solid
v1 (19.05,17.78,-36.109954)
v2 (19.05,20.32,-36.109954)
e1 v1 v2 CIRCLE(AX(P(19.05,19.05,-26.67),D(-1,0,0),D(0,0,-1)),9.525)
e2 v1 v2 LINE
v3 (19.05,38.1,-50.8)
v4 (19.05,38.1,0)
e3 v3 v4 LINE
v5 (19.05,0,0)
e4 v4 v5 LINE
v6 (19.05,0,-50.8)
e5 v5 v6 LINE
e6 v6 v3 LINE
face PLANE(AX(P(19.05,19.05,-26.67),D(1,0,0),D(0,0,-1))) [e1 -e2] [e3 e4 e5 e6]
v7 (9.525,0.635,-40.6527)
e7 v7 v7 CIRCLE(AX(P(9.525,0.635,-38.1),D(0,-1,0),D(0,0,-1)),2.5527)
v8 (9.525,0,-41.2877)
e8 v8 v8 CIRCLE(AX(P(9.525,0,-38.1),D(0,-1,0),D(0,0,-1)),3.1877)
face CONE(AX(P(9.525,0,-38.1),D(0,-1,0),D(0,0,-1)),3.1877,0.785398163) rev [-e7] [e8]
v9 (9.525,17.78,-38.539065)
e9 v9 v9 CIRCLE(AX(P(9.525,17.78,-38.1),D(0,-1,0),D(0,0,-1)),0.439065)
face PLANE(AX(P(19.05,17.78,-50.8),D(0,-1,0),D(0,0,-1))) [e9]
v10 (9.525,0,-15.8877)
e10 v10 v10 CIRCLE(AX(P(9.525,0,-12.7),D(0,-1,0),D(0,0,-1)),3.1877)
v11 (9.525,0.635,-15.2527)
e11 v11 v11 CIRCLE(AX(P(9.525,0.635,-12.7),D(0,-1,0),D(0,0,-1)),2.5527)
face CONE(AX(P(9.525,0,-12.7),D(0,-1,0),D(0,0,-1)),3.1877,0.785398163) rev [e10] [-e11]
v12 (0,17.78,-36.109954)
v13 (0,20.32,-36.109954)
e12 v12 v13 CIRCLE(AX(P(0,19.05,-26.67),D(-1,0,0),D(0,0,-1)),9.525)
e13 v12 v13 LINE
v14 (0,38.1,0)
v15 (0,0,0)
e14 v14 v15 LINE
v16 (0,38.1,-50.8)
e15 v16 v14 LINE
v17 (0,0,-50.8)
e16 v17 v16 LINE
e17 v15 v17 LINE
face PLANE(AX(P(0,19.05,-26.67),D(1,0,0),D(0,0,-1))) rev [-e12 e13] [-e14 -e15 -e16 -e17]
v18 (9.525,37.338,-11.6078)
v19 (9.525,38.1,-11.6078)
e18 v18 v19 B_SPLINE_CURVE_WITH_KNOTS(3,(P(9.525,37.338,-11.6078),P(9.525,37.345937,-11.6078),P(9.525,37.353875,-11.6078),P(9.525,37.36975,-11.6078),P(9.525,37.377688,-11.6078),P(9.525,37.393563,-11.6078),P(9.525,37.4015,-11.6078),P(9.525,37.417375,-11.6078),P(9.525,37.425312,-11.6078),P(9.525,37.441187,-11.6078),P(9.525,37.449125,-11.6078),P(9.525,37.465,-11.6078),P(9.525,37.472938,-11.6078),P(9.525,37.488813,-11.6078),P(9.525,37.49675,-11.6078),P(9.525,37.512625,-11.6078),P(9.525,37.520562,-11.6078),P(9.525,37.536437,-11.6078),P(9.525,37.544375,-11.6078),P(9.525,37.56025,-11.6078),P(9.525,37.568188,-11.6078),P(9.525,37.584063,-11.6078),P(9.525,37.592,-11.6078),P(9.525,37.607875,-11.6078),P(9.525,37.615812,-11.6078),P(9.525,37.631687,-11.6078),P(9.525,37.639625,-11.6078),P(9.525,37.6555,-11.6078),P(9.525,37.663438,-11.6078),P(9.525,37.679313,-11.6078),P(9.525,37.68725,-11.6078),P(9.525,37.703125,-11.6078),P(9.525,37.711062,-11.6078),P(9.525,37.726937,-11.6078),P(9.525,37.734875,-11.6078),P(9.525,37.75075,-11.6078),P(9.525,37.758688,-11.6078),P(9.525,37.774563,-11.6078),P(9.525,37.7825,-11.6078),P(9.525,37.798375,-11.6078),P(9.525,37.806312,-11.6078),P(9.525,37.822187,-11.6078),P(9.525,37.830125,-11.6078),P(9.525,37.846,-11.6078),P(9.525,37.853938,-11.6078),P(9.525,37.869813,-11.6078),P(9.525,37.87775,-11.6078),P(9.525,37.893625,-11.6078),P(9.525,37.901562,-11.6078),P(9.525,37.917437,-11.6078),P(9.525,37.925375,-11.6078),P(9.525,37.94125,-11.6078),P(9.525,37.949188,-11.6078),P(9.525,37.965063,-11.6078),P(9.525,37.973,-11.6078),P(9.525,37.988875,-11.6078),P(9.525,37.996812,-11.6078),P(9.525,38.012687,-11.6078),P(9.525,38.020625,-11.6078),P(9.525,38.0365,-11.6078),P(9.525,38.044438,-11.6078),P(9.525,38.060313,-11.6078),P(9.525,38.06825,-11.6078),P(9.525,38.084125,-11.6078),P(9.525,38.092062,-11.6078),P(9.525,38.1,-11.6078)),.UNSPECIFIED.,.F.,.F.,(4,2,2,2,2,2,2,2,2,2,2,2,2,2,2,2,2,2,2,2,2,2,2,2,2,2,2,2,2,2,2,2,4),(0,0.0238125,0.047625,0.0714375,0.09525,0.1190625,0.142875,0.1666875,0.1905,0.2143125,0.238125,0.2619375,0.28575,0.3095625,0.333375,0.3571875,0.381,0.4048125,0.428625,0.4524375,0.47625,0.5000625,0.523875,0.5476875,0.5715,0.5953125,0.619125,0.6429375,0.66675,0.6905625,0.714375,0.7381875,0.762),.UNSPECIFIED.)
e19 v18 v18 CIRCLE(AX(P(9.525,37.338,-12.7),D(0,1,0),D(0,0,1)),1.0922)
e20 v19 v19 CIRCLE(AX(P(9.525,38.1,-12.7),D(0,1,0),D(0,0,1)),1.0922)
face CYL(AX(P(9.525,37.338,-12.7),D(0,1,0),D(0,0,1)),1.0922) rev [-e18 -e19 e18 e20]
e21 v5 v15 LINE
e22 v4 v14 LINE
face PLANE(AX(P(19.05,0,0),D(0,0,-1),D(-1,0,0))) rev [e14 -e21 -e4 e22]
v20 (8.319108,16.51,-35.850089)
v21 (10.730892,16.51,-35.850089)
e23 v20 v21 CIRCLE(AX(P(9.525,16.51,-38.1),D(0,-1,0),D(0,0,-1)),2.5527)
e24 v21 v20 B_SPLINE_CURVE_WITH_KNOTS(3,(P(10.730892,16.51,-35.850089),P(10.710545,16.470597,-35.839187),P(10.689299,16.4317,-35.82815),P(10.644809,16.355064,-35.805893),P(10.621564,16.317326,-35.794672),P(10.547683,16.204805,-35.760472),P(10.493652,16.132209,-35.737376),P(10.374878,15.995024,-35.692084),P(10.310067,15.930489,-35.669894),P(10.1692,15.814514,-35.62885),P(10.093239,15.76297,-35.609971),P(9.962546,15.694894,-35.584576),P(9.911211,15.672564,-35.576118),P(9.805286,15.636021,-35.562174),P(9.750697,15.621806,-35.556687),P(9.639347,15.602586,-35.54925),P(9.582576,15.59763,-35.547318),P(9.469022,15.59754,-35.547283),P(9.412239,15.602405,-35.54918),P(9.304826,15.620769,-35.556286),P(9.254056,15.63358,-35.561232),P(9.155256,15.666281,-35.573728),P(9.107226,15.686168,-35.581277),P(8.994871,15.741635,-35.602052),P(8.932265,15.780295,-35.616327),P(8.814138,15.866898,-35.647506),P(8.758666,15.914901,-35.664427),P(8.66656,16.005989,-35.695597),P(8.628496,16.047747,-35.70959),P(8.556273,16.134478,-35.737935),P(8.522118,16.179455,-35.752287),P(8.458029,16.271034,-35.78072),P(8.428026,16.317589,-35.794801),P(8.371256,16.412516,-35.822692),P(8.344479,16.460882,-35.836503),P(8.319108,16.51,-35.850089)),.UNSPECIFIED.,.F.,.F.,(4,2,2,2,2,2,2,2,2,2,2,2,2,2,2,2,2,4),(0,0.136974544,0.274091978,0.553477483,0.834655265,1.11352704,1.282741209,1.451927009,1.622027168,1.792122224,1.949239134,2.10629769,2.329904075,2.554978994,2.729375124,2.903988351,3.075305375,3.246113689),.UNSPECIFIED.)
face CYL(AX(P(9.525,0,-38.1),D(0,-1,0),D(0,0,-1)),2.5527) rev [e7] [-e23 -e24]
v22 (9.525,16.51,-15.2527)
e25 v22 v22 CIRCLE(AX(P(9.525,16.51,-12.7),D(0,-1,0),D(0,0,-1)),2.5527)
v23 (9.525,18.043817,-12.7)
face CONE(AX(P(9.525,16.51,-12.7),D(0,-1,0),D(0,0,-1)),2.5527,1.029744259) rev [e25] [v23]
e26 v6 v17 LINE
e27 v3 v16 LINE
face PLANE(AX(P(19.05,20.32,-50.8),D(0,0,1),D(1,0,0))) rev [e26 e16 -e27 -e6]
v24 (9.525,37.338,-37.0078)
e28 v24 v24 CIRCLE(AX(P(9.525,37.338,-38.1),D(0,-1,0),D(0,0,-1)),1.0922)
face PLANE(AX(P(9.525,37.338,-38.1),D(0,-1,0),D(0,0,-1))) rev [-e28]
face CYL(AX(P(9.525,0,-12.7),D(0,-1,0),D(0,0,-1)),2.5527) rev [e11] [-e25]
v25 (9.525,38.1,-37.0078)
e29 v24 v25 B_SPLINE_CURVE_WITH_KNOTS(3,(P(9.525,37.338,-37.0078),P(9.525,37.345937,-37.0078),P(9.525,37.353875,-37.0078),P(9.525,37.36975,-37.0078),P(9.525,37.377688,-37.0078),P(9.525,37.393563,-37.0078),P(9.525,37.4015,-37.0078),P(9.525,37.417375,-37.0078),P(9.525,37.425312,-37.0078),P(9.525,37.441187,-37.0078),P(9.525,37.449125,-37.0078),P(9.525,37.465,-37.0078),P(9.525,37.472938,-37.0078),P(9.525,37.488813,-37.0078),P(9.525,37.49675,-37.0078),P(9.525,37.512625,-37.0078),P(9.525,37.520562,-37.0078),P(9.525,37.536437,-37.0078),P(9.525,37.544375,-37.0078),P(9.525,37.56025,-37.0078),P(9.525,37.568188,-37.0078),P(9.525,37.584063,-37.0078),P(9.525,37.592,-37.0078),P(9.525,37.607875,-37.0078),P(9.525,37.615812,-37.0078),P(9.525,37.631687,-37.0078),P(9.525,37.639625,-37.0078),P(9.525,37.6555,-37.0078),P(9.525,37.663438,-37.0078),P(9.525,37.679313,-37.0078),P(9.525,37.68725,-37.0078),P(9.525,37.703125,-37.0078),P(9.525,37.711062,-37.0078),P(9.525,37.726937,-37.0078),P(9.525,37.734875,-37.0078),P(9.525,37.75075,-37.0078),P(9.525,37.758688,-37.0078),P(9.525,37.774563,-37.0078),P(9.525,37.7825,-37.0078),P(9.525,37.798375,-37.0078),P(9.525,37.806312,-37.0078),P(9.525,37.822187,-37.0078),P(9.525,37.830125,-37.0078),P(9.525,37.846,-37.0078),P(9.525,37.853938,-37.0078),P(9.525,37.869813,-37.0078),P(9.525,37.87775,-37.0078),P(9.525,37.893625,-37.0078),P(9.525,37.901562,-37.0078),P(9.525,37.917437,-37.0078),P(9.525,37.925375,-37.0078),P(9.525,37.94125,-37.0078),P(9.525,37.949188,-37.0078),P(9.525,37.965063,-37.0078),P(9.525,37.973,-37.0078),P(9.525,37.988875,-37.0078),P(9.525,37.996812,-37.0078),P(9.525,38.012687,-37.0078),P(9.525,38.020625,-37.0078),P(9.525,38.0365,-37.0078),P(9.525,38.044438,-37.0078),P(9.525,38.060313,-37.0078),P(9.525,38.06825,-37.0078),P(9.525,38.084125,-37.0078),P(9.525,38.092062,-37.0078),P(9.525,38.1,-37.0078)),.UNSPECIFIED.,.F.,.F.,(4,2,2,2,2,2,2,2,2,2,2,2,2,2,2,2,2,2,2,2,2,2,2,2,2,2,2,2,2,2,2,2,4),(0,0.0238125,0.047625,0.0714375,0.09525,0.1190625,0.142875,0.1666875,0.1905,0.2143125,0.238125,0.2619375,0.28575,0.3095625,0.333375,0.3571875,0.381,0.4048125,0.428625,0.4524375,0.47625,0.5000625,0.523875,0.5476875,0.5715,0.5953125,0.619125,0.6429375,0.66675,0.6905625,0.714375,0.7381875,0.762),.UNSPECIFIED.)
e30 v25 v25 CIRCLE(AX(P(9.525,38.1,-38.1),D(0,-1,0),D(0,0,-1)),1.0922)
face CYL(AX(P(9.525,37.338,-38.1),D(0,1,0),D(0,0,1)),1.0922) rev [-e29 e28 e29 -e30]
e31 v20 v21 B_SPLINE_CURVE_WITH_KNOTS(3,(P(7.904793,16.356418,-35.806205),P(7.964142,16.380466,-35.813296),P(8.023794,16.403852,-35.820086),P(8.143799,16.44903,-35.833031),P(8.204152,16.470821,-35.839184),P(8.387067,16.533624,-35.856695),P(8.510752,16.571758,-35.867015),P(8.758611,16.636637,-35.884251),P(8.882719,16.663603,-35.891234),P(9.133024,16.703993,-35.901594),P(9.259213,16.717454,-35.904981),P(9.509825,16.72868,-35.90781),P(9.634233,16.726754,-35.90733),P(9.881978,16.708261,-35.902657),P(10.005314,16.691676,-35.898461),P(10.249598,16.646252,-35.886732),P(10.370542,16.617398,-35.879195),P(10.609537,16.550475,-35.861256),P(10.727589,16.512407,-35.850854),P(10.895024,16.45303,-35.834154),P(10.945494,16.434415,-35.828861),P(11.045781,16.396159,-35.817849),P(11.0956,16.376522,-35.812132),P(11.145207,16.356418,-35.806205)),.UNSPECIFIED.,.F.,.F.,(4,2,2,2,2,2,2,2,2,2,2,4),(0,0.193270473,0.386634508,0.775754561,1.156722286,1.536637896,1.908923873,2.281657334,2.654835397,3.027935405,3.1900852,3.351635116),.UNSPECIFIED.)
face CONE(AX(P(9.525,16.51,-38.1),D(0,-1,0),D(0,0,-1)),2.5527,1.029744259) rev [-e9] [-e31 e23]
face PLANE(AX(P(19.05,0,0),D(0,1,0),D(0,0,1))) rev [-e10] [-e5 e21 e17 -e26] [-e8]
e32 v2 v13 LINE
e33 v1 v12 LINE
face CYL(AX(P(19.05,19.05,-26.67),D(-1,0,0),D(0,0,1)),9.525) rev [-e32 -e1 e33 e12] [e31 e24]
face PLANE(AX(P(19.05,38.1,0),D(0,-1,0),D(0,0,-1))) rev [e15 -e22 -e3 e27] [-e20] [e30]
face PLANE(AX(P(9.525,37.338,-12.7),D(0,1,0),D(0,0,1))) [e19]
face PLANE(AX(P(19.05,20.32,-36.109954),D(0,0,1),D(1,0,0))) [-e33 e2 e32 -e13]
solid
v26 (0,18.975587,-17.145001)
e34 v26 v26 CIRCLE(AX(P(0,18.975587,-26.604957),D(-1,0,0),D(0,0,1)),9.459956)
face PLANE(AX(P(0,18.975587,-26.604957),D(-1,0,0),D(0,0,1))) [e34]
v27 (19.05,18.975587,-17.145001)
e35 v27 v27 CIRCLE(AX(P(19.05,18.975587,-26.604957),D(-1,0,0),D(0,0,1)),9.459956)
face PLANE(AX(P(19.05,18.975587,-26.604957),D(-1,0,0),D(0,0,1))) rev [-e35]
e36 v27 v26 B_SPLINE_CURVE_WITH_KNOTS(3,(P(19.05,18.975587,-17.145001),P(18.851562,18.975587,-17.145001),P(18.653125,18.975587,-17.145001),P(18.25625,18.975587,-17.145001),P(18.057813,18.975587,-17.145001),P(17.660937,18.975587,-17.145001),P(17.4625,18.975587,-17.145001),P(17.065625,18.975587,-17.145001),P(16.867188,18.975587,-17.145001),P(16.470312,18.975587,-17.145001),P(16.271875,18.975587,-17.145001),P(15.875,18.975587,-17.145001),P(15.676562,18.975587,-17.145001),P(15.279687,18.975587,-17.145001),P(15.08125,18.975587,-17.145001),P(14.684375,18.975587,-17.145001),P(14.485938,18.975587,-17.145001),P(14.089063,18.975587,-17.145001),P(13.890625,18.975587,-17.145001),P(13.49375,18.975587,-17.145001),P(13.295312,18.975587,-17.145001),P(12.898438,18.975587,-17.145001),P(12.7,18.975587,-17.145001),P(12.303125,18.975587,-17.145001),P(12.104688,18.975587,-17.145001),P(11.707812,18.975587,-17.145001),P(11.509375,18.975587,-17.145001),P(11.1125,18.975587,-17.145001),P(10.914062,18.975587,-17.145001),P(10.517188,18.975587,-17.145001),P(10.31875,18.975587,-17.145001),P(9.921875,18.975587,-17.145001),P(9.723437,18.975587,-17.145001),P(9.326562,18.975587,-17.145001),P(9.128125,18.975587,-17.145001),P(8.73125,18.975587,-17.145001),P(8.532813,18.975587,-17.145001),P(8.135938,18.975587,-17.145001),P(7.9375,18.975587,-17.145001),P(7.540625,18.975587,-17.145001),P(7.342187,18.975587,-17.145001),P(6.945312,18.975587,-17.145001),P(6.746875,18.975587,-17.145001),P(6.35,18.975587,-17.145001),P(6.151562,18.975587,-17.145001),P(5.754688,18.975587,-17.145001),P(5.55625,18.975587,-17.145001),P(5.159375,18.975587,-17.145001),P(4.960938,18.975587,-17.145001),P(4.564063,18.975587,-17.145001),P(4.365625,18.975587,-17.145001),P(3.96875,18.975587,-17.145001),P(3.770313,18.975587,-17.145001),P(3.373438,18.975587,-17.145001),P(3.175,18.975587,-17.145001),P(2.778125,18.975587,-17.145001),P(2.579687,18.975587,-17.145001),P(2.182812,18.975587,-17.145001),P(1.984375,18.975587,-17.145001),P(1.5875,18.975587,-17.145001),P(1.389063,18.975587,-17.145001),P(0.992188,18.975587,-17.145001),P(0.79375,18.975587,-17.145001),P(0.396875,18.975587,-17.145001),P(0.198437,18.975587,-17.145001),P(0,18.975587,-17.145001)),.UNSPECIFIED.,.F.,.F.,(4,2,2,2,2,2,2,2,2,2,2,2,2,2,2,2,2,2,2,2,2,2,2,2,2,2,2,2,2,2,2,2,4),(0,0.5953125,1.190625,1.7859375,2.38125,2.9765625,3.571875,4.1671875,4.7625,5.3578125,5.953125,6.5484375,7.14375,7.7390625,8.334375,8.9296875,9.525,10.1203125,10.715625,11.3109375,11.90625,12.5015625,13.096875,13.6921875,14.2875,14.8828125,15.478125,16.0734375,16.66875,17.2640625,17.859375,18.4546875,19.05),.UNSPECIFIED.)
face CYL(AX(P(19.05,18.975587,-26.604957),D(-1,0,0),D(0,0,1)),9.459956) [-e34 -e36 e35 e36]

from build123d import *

# Parameters (mm, degrees)
BOSS_EXTRUDE1_DEPTH               = 19.05
F_1_4_20_TAPPED_HOLE1_D           = 5.1054
F_1_4_20_TAPPED_HOLE1_DEPTH       = 16.51
F_1_4_20_TAPPED_HOLE1_CSINK_D     = 6.3754
F_1_4_20_TAPPED_HOLE1_CSINK_ANGLE = 90
F_1_4_20_TAPPED_HOLE1_TIP         = 1.533816902
SKETCH10_R                        = 9.459955788
BOSS_EXTRUDE2_DEPTH               = 19.05
SKETCH11_W                        = 14.690046345
SKETCH11_H                        = 2.54
BOSS_EXTRUDE3_DEPTH               = 19.05
SKETCH8_R                         = 1.0922
CUT_EXTRUDE4_DEPTH                = 0.762


with BuildPart() as part:
    # Sketch2 → Boss-Extrude1 (new body)
    with BuildSketch(Plane(origin=(0, 0, 0), x_dir=(0, 0, -1), z_dir=(1, 0, 0))):
        with BuildLine():
            Line((0, 0), (50.8, 0))
            Line((50.8, 0), (50.8, 17.78))
            Line((50.8, 17.78), (36.109953655, 17.78))
            ThreePointArc((36.109953655, 17.78), (17.145, 19.05), (36.109953655, 20.32))
            Line((36.109953655, 20.32), (50.8, 20.32))
            Line((50.8, 20.32), (50.8, 38.1))
            Line((50.8, 38.1), (0, 38.1))
            Line((0, 38.1), (0, 0))
        make_face()
    extrude(amount=BOSS_EXTRUDE1_DEPTH)

    # 1/4-20 Tapped Hole1
    with Locations(Plane(origin=(0, 0, 0), x_dir=(-1, 0, 0), z_dir=(0, -1, 0))):
        with Locations((-9.525, 12.7), (-9.525, 38.1)):
            CounterSinkHole(F_1_4_20_TAPPED_HOLE1_D / 2, F_1_4_20_TAPPED_HOLE1_CSINK_D / 2, depth=F_1_4_20_TAPPED_HOLE1_DEPTH, counter_sink_angle=F_1_4_20_TAPPED_HOLE1_CSINK_ANGLE)
            with Locations((0, 0, -(F_1_4_20_TAPPED_HOLE1_DEPTH + F_1_4_20_TAPPED_HOLE1_TIP / 2))):  # 118° drill point
                Cone(0, F_1_4_20_TAPPED_HOLE1_D / 2, F_1_4_20_TAPPED_HOLE1_TIP, mode=Mode.SUBTRACT)

    # Sketch11 → Boss-Extrude3 (add)
    with BuildSketch(Plane.ZY):
        with Locations((-43.454976828, 19.05)):
            Rectangle(SKETCH11_W, SKETCH11_H)
    extrude(amount=-BOSS_EXTRUDE3_DEPTH)

    # Sketch8 → Cut-Extrude4 (cut)
    with BuildSketch(Plane(origin=(0, 38.1, 0), x_dir=(1, 0, 0), z_dir=(0, 1, 0))):
        with Locations((9.525, 12.7)):
            Circle(SKETCH8_R)
        with Locations((9.525, 38.1)):
            Circle(SKETCH8_R)
    extrude(amount=-CUT_EXTRUDE4_DEPTH, mode=Mode.SUBTRACT)


with BuildPart() as body_2:
    # Sketch10 → Boss-Extrude2 (new body)
    with BuildSketch(Plane(origin=(0, -2.659795234, 0), x_dir=(0, 0, 1), z_dir=(-1, 0, 0))):
        with Locations((-26.60495728, 21.63538199)):
            Circle(SKETCH10_R)
    extrude(amount=-BOSS_EXTRUDE2_DEPTH)


solid = Compound([part.part, body_2.part])
